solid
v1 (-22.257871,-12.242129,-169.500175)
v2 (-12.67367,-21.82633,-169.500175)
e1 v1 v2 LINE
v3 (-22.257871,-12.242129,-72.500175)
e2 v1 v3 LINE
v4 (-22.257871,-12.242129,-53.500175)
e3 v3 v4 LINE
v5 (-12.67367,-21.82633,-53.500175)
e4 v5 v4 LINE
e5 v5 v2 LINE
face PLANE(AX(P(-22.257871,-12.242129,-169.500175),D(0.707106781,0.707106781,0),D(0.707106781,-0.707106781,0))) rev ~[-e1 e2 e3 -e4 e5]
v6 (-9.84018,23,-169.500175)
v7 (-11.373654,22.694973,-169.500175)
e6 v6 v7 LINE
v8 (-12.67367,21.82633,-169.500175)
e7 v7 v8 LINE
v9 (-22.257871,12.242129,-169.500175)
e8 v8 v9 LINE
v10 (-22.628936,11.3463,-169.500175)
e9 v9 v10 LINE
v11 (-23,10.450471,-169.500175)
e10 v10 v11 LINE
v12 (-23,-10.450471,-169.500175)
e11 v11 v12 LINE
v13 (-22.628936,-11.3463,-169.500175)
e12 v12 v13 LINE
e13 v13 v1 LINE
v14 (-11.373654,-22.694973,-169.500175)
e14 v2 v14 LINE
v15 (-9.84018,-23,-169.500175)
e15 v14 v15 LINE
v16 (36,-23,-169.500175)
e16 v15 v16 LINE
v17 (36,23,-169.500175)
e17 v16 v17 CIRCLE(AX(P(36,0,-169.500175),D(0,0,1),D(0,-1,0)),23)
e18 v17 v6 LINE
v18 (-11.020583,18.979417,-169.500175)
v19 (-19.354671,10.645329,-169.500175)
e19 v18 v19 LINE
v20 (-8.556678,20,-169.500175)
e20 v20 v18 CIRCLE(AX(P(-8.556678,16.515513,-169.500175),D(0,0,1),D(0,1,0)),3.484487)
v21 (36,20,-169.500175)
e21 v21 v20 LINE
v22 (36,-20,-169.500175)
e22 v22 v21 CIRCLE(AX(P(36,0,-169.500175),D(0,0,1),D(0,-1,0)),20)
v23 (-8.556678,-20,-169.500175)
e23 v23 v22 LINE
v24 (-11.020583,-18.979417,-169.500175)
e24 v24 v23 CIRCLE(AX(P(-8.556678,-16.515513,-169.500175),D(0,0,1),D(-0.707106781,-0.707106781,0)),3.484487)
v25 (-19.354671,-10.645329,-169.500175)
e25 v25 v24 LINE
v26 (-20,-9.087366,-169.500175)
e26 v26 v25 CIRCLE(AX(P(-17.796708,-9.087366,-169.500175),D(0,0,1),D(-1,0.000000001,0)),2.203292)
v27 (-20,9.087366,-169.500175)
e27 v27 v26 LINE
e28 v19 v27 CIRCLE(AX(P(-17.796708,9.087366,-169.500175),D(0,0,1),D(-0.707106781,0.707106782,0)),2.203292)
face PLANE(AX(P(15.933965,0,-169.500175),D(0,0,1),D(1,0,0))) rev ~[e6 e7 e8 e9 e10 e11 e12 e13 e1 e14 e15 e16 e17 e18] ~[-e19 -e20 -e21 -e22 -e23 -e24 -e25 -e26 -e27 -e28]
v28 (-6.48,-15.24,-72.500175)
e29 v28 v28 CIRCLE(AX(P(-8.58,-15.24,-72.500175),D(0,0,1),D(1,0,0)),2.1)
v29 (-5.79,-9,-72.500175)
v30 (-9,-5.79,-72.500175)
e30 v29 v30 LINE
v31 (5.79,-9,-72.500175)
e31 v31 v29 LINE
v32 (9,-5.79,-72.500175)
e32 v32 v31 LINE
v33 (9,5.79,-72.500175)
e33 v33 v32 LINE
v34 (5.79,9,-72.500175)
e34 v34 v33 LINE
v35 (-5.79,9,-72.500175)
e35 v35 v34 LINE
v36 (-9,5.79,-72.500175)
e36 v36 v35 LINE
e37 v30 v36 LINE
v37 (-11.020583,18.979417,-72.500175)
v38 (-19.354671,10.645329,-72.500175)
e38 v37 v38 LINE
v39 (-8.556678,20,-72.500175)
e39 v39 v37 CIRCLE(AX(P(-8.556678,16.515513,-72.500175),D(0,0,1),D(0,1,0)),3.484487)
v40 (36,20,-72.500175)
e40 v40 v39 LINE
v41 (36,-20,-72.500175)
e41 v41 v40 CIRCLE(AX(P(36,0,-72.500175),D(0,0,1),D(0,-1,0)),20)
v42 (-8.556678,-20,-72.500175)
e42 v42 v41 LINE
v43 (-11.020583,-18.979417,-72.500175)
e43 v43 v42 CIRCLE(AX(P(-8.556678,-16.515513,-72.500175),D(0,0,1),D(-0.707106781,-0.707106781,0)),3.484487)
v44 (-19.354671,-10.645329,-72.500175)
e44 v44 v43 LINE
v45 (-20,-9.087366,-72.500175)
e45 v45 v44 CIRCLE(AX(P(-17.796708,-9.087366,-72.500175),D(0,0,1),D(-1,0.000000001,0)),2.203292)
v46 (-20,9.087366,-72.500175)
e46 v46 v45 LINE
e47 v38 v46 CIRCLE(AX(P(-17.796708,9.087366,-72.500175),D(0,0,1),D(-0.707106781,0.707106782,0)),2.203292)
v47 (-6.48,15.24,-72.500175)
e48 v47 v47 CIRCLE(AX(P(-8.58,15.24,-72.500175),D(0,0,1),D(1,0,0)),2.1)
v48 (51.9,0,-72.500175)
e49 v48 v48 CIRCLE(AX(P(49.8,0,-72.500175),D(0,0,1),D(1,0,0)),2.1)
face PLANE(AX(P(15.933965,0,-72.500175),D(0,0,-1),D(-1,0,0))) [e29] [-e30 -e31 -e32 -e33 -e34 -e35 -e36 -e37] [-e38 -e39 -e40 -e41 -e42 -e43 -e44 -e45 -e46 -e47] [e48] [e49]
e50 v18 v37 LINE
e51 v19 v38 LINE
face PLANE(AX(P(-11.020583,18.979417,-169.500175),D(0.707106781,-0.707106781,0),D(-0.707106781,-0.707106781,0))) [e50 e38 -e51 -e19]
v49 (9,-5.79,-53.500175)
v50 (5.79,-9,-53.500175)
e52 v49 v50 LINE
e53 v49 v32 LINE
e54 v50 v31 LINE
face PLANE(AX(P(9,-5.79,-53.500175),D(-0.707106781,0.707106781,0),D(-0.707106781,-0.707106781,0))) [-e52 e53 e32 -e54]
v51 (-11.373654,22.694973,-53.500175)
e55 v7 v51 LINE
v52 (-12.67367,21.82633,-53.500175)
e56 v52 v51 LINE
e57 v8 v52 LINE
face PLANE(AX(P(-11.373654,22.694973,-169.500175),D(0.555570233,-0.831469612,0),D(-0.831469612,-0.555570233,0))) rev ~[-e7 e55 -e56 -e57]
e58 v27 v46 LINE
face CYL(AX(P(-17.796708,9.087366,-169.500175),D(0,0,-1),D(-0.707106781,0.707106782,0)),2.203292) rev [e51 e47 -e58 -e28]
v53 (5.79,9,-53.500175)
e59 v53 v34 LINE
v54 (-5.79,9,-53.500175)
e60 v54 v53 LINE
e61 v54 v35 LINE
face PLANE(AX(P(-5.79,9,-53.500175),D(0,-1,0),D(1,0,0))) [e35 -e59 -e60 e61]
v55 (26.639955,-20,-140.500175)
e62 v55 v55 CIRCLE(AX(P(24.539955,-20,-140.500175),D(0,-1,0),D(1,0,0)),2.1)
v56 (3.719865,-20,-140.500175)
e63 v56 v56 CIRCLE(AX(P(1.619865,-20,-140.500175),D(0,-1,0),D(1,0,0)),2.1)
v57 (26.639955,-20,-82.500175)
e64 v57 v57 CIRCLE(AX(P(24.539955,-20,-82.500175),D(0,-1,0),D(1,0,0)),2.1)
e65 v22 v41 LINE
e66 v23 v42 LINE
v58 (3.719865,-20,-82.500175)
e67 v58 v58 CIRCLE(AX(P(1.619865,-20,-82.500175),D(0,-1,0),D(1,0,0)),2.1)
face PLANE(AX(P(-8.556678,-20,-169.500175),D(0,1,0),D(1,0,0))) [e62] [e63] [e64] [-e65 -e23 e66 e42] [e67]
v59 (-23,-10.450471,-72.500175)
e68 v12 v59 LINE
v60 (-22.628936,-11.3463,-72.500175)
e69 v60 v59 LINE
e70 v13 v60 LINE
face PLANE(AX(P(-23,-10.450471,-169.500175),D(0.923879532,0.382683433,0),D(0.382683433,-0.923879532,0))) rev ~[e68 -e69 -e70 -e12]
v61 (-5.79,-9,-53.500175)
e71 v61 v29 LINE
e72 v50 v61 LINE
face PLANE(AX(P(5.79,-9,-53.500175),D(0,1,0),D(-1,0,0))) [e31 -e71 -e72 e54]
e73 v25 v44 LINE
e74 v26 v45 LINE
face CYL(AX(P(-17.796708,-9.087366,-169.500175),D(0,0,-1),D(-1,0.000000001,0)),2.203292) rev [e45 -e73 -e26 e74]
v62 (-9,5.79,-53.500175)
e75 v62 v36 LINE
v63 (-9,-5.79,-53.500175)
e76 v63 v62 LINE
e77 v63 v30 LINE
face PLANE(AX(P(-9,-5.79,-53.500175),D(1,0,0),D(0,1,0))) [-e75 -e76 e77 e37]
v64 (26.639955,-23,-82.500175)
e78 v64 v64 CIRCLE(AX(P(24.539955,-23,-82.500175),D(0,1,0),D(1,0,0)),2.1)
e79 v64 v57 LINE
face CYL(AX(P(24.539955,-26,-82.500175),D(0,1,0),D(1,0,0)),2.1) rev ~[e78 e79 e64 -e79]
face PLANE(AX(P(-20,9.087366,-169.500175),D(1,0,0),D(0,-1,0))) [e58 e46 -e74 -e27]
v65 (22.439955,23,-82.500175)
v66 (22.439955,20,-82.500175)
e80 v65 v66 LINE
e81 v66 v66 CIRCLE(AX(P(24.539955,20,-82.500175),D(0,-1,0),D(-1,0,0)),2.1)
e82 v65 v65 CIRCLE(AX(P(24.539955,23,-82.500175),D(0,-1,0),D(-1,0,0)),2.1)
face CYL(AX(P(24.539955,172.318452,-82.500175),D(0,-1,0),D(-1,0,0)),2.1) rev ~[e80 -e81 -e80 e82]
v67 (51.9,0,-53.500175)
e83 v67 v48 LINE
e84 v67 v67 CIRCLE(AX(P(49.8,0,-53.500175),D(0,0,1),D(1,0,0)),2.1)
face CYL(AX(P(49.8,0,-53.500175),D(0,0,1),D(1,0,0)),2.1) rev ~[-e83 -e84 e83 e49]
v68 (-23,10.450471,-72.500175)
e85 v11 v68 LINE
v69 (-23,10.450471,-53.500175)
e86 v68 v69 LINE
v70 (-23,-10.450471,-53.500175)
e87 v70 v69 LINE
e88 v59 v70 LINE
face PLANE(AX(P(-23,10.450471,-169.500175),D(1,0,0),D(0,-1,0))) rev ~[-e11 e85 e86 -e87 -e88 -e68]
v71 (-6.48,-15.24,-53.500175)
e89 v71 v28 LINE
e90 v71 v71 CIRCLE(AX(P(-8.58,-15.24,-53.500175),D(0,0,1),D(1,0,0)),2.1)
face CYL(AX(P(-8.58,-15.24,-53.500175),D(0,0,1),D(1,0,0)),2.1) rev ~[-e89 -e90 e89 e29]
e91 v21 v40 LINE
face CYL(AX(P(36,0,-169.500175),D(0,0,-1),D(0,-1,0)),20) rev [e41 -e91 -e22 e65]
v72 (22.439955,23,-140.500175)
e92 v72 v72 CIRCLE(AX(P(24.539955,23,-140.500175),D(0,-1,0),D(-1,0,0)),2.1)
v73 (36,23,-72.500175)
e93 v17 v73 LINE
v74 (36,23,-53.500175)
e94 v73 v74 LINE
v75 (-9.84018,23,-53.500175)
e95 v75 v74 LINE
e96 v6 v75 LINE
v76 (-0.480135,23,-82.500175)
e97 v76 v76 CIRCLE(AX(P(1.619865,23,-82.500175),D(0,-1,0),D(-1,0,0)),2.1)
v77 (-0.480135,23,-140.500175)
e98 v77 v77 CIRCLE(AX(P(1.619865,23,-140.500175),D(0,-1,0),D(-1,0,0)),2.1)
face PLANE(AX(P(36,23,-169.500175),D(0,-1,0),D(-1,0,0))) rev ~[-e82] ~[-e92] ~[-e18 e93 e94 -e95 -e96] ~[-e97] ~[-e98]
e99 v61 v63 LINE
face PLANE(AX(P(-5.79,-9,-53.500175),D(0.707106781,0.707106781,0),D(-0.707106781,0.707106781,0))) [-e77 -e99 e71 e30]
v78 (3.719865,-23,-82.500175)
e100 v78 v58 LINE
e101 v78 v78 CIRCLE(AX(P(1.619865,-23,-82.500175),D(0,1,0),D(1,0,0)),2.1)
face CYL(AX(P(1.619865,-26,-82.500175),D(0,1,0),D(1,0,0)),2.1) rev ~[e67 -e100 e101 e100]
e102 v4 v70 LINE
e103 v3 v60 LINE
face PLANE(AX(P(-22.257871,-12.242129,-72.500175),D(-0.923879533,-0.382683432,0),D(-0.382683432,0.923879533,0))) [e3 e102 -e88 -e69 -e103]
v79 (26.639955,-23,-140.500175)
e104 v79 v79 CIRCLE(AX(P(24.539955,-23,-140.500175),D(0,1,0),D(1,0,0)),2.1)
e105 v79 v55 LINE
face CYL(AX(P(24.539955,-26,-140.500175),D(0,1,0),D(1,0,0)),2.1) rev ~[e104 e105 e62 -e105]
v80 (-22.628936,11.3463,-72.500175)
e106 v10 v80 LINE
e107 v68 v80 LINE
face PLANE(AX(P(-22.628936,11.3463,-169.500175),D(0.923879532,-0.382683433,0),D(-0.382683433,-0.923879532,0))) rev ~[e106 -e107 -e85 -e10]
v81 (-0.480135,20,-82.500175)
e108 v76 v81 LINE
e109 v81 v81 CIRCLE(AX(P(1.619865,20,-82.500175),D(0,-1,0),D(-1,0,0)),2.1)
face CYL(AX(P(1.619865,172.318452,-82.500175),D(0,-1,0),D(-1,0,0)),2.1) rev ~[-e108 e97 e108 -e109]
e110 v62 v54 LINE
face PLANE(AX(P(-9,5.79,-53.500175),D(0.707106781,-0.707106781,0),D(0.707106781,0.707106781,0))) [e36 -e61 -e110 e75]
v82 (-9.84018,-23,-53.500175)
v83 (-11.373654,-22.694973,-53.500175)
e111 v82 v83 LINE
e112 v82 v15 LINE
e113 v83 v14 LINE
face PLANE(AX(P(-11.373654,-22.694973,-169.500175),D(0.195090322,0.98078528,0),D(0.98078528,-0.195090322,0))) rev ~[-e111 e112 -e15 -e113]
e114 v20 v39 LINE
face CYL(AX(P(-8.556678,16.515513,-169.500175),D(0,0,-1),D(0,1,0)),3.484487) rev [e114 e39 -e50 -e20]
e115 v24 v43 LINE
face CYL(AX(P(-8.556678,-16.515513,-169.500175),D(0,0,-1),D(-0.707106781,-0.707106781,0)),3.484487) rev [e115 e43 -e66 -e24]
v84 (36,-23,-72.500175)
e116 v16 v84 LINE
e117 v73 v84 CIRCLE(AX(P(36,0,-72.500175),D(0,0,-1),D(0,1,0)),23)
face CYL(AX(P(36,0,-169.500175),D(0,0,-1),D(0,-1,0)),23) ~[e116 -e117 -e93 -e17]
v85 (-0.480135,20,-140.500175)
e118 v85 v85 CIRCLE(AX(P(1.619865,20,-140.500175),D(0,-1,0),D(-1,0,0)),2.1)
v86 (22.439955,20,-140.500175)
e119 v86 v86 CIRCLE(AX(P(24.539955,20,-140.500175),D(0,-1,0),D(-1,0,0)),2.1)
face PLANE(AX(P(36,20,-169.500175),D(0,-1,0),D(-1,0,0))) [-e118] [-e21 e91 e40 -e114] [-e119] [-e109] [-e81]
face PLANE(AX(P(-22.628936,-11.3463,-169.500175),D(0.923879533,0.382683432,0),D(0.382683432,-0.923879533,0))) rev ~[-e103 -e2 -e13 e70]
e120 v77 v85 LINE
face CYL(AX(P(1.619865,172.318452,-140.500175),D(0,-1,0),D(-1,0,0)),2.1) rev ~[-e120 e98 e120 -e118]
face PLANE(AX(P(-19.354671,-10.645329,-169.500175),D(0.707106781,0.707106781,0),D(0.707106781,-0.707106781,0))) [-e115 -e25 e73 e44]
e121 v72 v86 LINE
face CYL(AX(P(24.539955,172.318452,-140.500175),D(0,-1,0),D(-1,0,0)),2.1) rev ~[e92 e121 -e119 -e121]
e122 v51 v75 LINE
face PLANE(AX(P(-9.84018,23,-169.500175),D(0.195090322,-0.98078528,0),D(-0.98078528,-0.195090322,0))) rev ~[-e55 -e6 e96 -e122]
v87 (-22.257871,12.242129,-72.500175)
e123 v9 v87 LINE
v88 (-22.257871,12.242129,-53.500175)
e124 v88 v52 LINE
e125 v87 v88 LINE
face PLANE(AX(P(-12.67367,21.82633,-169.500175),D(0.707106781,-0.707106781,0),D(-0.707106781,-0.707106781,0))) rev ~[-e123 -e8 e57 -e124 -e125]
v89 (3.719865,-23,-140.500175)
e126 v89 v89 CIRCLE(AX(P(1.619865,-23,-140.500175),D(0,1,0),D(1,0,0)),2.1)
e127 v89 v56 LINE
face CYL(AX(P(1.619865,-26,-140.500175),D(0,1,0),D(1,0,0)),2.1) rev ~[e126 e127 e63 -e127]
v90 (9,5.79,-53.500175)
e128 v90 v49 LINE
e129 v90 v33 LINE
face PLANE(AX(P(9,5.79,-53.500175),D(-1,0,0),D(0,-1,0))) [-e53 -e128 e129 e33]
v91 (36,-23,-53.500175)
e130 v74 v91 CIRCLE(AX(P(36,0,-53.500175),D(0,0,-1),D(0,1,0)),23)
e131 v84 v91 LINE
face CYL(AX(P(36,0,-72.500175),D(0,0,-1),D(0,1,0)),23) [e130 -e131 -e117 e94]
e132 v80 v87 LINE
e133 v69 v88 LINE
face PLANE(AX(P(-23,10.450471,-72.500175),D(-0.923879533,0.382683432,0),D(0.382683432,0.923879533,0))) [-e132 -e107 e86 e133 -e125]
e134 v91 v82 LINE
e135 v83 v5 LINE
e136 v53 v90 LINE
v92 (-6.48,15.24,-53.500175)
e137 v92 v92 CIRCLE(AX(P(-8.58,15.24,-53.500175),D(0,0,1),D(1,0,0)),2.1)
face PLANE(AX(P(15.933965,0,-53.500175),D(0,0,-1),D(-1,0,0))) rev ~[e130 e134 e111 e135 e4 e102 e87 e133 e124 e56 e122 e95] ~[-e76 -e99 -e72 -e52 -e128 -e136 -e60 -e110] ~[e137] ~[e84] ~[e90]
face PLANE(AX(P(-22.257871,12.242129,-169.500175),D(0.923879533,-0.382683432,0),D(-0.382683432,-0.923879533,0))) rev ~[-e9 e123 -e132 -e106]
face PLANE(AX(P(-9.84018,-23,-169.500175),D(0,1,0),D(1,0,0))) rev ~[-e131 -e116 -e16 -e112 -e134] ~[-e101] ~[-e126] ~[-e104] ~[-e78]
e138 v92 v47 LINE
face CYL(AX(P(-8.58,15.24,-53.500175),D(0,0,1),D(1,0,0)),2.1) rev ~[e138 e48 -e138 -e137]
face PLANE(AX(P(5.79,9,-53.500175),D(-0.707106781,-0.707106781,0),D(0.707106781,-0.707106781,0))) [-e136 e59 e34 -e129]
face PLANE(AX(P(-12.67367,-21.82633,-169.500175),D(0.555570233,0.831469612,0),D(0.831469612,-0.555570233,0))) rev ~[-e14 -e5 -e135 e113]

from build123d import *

# Parameters (mm, degrees)
EXTRUDE_1_DEPTH        = 19
CUT_EXTRUDE_1_REACH    = 68.114
EXTRUDE_START          = 97
EXTRUDE_2_DEPTH        = 97
CUT_EXTRUDE_2_REACH    = 134.159
SKETCH_8_R             = 2.1
HOLE_WIZARD_M5_1_D     = 4.2
HOLE_WIZARD_M5_1_DEPTH = 3
HOLE_WIZARD_M5_2_D     = 4.2


with BuildPart() as part:
    # 草图2 → 凸台-拉伸1 (new body)
    with BuildSketch(Plane.XY.offset(-72.500175037)):
        with BuildLine():
            Line((-9.84018, -23), (-11.373653726, -22.694973111))
            Line((-11.373653726, -22.694973111), (-12.673669978, -21.826330022))
            Line((-12.673669978, -21.826330022), (-22.257871236, -12.242128764))
            Line((-22.257871236, -12.242128764), (-23, -10.450471437))
            Line((-23, -10.450471437), (-23, 10.450471437))
            Line((-23, 10.450471437), (-22.257871236, 12.242128764))
            Line((-22.257871236, 12.242128764), (-12.673669978, 21.826330022))
            Line((-12.673669978, 21.826330022), (-11.373653726, 22.694973111))
            Line((-11.373653726, 22.694973111), (-9.84018, 23))
            Line((-9.84018, 23), (36.000000003, 23))
            ThreePointArc((36.000000003, 23), (59.000000003, 0), (36.000000003, -23))
            Line((36.000000003, -23), (-9.84018, -23))
        make_face()
    extrude(amount=EXTRUDE_1_DEPTH)

    # 草图4 → 切除-拉伸1 (cut, up to next)
    with BuildSketch(Plane.XY.offset(-53.500175037), mode=Mode.PRIVATE) as cut_extrude_1_sk1:
        Polygon((5.790000003, -9), (-5.789999997, -9), (-8.999999997, -5.79), (-8.999999997, 5.79), (-5.789999997, 9), (5.790000003, 9), (9.000000003, 5.79), (9.000000003, -5.79), align=None)
    cut_extrude_1_tool1 = extrude(cut_extrude_1_sk1.sketch, amount=-CUT_EXTRUDE_1_REACH, mode=Mode.PRIVATE) & part.part
    add(cut_extrude_1_tool1.solids().sort_by_distance((0, 0, -53.500175))[0], mode=Mode.SUBTRACT)

    # 草图7 → 凸台-拉伸2 (add)
    with BuildSketch(Plane(origin=(0, 0, -72.500175037), x_dir=(-1, 0, 0), z_dir=(0, 0, -1)).offset(EXTRUDE_START)):
        with BuildLine():
            Line((-36.000000003, 23), (9.84018, 23))
            Line((9.84018, 23), (11.373653726, 22.694973111))
            Line((11.373653726, 22.694973111), (12.673669978, 21.826330022))
            Line((12.673669978, 21.826330022), (22.257871236, 12.242128764))
            Line((22.257871236, 12.242128764), (22.628935618, 11.3463001))
            Line((22.628935618, 11.3463001), (23, 10.450471437))
            Line((23, 10.450471437), (23, -10.450471437))
            Line((23, -10.450471437), (22.628935618, -11.3463001))
            Line((22.628935618, -11.3463001), (22.257871236, -12.242128764))
            Line((22.257871236, -12.242128764), (12.673669978, -21.826330022))
            Line((12.673669978, -21.826330022), (11.373653726, -22.694973111))
            Line((11.373653726, -22.694973111), (9.84018, -23))
            Line((9.84018, -23), (-36.000000003, -23))
            ThreePointArc((-36.000000003, -23), (-59, 0), (-36.000000003, 23))
        make_face()
        with BuildLine():
            Line((3.252486509, 20), (8.556678261, 20))
            ThreePointArc((8.556678261, 20), (9.890133674, 19.734759227), (11.020582589, 18.979417411))
            Line((11.020582589, 18.979417411), (19.35467064, 10.64532936))
            ThreePointArc((19.35467064, 10.64532936), (19.832284364, 9.930529909), (20, 9.087366467))
            Line((20, 9.087366467), (20, -9.087366467))
            ThreePointArc((20, -9.087366467), (19.832284364, -9.930529909), (19.35467064, -10.64532936))
            Line((19.35467064, -10.64532936), (11.020582589, -18.979417411))
            ThreePointArc((11.020582589, -18.979417411), (9.890133674, -19.734759227), (8.556678261, -20))
            Line((8.556678261, -20), (-36, -20))
            ThreePointArc((-36, -20), (-56, 0), (-36, 20))
            Line((-36, 20), (3.252486509, 20))
        make_face(mode=Mode.SUBTRACT)
    extrude(amount=-EXTRUDE_2_DEPTH)

    # 草图8 → 切除-拉伸2 (cut, up to next)
    with BuildSketch(Plane.XY.offset(-53.500175037), mode=Mode.PRIVATE) as cut_extrude_2_sk1:
        with Locations((49.800000003, 0)):
            Circle(SKETCH_8_R)
    cut_extrude_2_tool1 = extrude(cut_extrude_2_sk1.sketch, amount=-CUT_EXTRUDE_2_REACH, mode=Mode.PRIVATE) & part.part
    # 草图8 → 切除-拉伸2 (cut, up to next)
    with BuildSketch(Plane.XY.offset(-53.500175037), mode=Mode.PRIVATE) as cut_extrude_2_sk2:
        with Locations((-8.579999997, -15.24)):
            Circle(SKETCH_8_R)
    cut_extrude_2_tool2 = extrude(cut_extrude_2_sk2.sketch, amount=-CUT_EXTRUDE_2_REACH, mode=Mode.PRIVATE) & part.part
    # 草图8 → 切除-拉伸2 (cut, up to next)
    with BuildSketch(Plane.XY.offset(-53.500175037), mode=Mode.PRIVATE) as cut_extrude_2_sk3:
        with Locations((-8.579999997, 15.24)):
            Circle(SKETCH_8_R)
    cut_extrude_2_tool3 = extrude(cut_extrude_2_sk3.sketch, amount=-CUT_EXTRUDE_2_REACH, mode=Mode.PRIVATE) & part.part
    add(cut_extrude_2_tool1.solids().sort_by_distance((49.8, 0, -53.500175))[0], mode=Mode.SUBTRACT)
    add(cut_extrude_2_tool2.solids().sort_by_distance((-8.58, -15.24, -53.500175))[0], mode=Mode.SUBTRACT)
    add(cut_extrude_2_tool3.solids().sort_by_distance((-8.58, 15.24, -53.500175))[0], mode=Mode.SUBTRACT)

    # M5 螺纹孔1
    with Locations(Plane(origin=(0, -23, 0), x_dir=(-1, 0, 0), z_dir=(0, -1, 0))):
        with Locations((-1.619865001, 82.500175037), (-24.539955002, 82.500175037), (-24.539955002, 140.500175037), (-1.619865001, 140.500175037)):
            Hole(HOLE_WIZARD_M5_1_D / 2, depth=HOLE_WIZARD_M5_1_DEPTH)

    # M5 螺纹孔2 (through all)
    with Locations(Plane(origin=(0, 23, 0), x_dir=(1, 0, 0), z_dir=(0, 1, 0))):
        with Locations((24.539955002, 140.500175037), (1.619865001, 140.500175037), (24.539955002, 82.500175037), (1.619865001, 82.500175037)):
            Hole(HOLE_WIZARD_M5_2_D / 2)


solid = part.part
